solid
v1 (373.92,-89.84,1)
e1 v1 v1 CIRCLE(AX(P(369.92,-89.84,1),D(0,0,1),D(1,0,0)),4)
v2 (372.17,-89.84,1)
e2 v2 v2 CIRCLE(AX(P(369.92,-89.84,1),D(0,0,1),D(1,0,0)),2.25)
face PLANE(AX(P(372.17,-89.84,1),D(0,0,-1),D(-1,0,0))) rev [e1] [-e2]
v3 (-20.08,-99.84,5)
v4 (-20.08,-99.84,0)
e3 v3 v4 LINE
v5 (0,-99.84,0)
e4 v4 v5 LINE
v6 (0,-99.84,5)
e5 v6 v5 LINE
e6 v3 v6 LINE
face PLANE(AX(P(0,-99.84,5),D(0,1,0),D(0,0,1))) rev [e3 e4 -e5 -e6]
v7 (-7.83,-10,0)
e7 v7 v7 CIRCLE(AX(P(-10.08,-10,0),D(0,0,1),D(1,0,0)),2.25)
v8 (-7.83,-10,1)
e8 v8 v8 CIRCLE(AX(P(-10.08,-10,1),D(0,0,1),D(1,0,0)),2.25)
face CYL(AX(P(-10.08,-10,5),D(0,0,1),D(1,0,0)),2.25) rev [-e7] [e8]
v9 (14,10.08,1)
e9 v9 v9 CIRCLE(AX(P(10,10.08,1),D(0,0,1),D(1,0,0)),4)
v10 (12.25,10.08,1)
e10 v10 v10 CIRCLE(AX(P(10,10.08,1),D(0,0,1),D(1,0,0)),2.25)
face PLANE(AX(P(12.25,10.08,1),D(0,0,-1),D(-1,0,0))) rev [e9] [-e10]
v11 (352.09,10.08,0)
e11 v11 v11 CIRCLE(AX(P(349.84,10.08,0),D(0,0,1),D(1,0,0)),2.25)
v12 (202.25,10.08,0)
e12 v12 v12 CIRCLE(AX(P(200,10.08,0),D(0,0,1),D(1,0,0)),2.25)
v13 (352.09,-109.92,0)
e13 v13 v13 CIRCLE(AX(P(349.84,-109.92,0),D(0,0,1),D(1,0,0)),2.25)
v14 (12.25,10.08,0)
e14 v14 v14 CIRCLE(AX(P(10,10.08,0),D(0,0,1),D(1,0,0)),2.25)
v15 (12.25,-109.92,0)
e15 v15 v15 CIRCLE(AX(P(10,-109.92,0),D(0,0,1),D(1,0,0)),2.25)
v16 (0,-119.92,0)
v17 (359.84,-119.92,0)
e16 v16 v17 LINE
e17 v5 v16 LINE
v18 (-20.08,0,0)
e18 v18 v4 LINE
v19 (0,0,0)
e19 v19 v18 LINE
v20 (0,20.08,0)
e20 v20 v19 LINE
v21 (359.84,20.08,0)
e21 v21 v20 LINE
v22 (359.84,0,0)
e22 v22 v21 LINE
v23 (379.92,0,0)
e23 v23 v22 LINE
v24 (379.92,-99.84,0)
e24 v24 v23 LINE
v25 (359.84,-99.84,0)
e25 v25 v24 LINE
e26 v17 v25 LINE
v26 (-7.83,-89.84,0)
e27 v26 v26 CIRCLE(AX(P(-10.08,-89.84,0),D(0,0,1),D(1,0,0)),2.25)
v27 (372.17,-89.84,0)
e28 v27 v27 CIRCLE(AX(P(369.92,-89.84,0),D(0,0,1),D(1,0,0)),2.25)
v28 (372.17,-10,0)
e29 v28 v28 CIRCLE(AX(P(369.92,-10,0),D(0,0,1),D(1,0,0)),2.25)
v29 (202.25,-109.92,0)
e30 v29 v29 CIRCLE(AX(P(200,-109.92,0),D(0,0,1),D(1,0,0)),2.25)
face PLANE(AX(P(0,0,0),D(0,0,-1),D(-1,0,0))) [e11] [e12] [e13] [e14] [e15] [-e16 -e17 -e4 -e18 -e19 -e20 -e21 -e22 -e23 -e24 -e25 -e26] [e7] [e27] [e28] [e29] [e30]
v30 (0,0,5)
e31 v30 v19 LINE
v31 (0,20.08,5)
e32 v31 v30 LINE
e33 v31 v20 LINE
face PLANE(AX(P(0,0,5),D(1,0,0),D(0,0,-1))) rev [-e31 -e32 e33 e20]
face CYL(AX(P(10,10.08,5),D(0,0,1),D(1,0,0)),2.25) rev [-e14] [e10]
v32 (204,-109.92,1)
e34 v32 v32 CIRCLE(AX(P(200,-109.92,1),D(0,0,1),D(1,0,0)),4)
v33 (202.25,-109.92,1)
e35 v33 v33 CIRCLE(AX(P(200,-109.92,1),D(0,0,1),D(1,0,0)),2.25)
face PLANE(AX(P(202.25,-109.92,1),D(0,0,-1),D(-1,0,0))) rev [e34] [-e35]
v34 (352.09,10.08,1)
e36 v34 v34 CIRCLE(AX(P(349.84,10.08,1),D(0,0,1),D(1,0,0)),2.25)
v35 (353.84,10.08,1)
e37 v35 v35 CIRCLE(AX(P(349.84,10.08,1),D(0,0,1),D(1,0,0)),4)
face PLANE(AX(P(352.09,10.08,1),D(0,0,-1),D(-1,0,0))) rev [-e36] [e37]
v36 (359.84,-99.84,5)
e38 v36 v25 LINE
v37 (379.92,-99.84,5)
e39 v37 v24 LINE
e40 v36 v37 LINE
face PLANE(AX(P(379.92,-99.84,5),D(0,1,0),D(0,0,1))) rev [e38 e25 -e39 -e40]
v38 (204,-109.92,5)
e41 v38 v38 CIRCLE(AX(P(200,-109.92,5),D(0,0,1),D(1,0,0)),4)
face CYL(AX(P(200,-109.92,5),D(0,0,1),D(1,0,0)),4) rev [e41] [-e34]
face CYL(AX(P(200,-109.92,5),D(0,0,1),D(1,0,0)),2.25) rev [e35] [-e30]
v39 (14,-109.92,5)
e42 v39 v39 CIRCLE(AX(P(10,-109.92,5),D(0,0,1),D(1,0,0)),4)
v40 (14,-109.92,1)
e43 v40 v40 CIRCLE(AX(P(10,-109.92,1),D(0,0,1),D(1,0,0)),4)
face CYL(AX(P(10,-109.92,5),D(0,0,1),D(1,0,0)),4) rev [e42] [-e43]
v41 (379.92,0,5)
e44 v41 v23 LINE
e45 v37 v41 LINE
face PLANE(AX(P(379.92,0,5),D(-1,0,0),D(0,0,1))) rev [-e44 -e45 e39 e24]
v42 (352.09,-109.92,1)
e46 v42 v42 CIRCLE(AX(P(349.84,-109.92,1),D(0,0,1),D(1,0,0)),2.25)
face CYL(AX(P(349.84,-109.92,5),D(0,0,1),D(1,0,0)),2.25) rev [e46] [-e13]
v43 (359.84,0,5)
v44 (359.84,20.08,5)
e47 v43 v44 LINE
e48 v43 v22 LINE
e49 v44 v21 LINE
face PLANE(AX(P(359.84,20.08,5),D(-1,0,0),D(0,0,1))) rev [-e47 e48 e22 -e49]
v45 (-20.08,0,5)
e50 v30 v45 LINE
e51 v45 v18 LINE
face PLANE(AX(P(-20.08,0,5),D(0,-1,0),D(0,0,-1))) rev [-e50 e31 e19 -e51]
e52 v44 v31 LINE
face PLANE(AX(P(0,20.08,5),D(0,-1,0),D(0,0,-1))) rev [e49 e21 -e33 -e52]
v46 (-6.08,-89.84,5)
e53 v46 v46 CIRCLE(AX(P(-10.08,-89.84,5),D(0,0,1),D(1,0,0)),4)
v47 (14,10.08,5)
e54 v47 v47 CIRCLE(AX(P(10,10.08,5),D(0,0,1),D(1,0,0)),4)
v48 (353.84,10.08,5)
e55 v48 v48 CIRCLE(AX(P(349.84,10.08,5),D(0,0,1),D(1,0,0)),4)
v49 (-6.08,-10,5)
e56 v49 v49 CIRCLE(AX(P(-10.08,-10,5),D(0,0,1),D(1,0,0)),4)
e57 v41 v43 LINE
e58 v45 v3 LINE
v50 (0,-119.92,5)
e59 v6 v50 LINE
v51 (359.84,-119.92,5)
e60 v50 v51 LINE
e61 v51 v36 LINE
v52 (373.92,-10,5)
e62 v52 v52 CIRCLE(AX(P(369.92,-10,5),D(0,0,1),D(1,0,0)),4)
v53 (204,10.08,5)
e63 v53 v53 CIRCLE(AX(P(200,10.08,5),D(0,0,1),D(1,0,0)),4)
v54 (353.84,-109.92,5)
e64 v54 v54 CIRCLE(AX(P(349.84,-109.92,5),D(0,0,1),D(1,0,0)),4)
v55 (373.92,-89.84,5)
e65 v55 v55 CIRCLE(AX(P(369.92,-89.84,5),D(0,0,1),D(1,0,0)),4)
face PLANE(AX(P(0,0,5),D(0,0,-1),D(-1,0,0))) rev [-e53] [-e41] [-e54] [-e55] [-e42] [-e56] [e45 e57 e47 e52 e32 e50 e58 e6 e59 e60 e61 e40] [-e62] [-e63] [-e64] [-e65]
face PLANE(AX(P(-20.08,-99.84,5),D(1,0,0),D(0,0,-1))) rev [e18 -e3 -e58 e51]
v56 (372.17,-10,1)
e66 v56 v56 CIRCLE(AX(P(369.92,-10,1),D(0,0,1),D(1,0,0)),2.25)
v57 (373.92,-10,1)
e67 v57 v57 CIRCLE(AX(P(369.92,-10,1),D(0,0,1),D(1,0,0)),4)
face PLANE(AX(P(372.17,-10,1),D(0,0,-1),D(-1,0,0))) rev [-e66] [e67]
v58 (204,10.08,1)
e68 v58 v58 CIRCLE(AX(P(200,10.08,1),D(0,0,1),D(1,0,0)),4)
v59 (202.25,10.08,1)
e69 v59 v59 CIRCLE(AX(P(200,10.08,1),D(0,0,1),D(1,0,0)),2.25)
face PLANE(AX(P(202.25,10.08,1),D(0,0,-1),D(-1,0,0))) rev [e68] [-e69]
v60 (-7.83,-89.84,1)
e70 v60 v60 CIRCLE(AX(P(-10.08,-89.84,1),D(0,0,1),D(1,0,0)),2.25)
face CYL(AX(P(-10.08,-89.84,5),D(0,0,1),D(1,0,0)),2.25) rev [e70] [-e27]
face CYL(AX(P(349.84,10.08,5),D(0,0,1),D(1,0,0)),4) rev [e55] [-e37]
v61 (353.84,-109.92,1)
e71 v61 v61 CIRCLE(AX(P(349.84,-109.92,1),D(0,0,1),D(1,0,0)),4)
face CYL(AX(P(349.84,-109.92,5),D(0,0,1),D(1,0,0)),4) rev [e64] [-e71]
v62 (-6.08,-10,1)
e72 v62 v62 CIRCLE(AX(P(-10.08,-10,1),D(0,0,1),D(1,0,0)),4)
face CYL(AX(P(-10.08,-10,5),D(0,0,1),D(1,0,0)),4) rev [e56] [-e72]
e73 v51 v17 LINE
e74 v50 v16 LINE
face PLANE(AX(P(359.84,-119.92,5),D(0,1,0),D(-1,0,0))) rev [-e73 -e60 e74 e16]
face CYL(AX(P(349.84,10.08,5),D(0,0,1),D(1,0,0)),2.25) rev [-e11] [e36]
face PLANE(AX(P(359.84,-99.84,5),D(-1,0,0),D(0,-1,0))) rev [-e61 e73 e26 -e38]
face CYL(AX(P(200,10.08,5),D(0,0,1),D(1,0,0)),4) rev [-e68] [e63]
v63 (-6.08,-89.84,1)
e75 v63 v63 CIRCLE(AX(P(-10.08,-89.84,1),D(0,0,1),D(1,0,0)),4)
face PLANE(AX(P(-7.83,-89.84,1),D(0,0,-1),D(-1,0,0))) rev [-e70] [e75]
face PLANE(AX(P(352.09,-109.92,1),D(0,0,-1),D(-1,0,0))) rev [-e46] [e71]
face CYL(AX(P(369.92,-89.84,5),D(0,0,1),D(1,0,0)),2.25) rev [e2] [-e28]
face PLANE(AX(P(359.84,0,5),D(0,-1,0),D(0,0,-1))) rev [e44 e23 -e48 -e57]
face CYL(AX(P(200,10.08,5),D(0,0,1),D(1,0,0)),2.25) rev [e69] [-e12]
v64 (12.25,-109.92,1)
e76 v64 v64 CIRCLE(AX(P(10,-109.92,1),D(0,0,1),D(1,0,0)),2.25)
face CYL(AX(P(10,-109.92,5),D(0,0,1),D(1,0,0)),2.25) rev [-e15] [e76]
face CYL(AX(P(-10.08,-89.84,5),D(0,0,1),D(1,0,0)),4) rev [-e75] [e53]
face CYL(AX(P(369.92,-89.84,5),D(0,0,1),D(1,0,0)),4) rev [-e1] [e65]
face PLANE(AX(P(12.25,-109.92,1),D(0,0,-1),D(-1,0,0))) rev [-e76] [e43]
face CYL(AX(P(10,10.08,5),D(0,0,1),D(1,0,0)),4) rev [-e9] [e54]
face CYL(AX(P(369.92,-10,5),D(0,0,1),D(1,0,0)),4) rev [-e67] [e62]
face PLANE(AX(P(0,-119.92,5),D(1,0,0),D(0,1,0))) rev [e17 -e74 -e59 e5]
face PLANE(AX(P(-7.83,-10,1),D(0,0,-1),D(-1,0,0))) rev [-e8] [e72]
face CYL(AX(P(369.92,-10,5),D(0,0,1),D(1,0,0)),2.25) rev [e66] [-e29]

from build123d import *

# Parameters (mm, degrees)
EXTRUDE_1_DEPTH              = 5
HOLE_WIZARD_M4_1_D           = 4.5
HOLE_WIZARD_M4_1_CBORE_D     = 8
HOLE_WIZARD_M4_1_CBORE_DEPTH = 4


with BuildPart() as part:
    # 스케치1 → 보스-돌출1 (new body)
    with BuildSketch(Plane.XY):
        Polygon((-20.08, 0), (0, 0), (0, 20.08), (359.84, 20.08), (359.84, 0), (379.92, 0), (379.92, -99.84), (359.84, -99.84), (359.84, -119.92), (0, -119.92), (0, -99.84), (-20.08, -99.84), align=None)
    extrude(amount=EXTRUDE_1_DEPTH)

    # M4 소켓 머리 캡 나사용 카운터보어1 (through all)
    with Locations(Plane.XY.offset(5)):
        with Locations((-10.08, -10), (-10.08, -89.84), (10, -109.92), (200, -109.92), (349.84, -109.92), (369.92, -89.84), (369.92, -10), (349.84, 10.08), (200, 10.08), (10, 10.08)):
            CounterBoreHole(HOLE_WIZARD_M4_1_D / 2, HOLE_WIZARD_M4_1_CBORE_D / 2, HOLE_WIZARD_M4_1_CBORE_DEPTH)


solid = part.part
